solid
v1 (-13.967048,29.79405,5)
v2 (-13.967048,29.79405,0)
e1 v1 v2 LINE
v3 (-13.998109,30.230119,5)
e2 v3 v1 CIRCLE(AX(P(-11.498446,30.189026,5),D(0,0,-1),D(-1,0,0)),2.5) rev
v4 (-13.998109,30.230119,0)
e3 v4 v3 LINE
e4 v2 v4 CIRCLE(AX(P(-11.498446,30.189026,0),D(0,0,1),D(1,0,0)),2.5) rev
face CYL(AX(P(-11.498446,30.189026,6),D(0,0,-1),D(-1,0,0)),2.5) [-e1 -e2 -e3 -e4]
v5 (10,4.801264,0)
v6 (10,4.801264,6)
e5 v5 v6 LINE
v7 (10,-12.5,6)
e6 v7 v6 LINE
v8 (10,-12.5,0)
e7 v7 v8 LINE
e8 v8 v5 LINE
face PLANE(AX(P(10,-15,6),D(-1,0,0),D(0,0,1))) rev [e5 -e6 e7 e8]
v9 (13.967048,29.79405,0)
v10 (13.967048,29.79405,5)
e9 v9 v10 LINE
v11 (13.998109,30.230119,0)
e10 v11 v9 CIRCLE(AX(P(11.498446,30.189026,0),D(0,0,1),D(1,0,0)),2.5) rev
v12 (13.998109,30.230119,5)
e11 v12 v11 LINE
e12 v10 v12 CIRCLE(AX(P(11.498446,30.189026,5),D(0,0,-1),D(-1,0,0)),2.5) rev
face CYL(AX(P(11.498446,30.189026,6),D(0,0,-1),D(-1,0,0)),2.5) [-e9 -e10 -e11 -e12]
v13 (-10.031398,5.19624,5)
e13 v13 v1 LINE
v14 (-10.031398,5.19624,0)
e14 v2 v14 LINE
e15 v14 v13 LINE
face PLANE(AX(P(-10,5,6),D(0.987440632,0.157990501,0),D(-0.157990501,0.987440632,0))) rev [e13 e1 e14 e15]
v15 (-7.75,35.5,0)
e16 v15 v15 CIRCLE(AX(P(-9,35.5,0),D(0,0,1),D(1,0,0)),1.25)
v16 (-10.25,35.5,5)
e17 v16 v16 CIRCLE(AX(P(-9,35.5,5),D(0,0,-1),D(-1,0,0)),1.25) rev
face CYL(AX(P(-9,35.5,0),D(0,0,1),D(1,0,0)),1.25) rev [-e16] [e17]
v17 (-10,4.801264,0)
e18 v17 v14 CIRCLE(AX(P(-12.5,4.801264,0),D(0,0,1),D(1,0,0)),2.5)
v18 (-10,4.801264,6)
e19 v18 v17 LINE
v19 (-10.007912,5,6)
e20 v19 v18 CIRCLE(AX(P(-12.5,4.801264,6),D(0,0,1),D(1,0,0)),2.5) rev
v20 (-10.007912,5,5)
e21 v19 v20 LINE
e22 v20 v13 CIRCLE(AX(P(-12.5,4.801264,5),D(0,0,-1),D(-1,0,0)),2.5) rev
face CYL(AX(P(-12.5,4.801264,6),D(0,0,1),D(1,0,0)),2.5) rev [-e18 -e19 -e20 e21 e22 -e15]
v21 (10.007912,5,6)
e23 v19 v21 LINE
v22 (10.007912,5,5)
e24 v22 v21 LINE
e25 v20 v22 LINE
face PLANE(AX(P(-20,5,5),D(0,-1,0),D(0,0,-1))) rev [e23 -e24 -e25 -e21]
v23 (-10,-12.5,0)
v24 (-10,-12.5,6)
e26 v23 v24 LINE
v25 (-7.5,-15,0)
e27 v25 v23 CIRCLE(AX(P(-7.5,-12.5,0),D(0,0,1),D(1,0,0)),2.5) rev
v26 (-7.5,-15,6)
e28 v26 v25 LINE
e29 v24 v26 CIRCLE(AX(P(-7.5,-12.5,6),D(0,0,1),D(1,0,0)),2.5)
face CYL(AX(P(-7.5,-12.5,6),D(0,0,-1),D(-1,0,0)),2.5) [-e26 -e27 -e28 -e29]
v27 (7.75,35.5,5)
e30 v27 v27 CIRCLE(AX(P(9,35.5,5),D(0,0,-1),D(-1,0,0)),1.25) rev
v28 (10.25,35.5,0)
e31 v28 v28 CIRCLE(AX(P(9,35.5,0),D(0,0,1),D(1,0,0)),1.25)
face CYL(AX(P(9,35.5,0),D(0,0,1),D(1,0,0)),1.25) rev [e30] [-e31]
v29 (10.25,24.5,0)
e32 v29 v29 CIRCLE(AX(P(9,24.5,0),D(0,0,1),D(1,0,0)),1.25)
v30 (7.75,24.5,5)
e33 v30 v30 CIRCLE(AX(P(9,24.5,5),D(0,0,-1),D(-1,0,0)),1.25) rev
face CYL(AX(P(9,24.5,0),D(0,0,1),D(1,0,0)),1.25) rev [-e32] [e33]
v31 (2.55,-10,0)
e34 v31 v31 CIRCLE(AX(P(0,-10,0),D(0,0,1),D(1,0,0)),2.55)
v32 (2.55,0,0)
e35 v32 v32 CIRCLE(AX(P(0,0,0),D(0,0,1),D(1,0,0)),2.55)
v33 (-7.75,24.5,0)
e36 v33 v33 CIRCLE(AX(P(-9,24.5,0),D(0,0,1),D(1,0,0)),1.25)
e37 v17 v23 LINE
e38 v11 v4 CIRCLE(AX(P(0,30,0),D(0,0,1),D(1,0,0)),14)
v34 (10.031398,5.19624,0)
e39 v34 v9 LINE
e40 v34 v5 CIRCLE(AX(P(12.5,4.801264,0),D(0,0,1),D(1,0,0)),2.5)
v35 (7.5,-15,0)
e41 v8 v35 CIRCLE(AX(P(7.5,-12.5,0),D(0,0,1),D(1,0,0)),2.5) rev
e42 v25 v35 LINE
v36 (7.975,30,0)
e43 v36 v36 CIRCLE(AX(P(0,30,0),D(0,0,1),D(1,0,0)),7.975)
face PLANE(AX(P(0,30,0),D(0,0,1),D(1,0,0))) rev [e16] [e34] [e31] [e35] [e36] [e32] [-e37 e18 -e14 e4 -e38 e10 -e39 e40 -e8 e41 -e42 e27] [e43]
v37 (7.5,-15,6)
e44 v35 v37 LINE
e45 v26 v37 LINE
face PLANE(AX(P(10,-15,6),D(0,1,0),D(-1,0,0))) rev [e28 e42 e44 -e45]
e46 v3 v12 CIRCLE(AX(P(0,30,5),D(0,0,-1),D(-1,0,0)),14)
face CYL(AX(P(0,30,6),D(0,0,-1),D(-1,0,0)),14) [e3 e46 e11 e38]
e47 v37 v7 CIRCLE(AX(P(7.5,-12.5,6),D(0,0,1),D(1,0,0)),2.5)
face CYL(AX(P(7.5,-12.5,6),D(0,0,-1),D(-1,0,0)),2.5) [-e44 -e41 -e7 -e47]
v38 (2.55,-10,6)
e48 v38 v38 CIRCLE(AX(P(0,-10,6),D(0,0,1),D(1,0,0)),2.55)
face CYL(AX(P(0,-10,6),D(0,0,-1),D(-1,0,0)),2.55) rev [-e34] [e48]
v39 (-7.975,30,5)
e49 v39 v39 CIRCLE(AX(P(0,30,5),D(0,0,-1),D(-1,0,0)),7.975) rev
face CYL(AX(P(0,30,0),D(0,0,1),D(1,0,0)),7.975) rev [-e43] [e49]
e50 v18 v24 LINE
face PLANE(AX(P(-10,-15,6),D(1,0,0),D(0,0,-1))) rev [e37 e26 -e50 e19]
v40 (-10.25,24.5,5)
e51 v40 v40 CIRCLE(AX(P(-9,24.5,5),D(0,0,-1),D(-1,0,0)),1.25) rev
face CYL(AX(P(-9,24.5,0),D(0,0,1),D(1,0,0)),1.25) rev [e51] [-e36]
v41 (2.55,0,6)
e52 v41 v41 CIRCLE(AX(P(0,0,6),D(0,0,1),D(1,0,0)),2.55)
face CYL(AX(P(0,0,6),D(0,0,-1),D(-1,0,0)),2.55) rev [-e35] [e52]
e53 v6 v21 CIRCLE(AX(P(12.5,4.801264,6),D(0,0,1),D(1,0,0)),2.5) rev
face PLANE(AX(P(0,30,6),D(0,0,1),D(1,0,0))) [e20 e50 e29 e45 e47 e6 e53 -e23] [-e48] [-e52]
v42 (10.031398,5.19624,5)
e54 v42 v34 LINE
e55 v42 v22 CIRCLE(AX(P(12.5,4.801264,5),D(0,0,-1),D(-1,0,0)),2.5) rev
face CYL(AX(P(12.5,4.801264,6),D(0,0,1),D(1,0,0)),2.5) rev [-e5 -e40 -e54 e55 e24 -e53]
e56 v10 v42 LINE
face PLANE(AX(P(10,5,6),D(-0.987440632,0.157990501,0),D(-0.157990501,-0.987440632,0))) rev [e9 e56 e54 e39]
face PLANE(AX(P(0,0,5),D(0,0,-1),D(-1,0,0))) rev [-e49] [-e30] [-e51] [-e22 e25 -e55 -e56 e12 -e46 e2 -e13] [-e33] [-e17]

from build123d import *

# Parameters (mm, degrees)
SKETCH1_R           = 2.55
BOSS_EXTRUDE2_DEPTH = 6
FILLET1_R           = 2.5
SKETCH3_R           = 7.975
CUT_EXTRUDE2_DEPTH  = 47.561319795
SKETCH2_R           = 1.25
CUT_EXTRUDE1_DEPTH  = 47.561319795
SKETCH6_W           = 40
SKETCH6_H           = 50
CUT_EXTRUDE5_DEPTH  = 1


with BuildPart() as part:
    # Sketch1 → Boss-Extrude2 (new body)
    with BuildSketch(Plane.XY):
        with BuildLine():
            Line((-10, -15), (-10, 5))
            Line((-10, 5), (-14, 30))
            ThreePointArc((-14, 30), (0, 44), (14, 30))
            Line((14, 30), (10, 5))
            Line((10, 5), (10, -15))
            Line((10, -15), (-10, -15))
        make_face()
        Circle(SKETCH1_R, mode=Mode.SUBTRACT)
        with Locations((0, -10)):
            Circle(SKETCH1_R, mode=Mode.SUBTRACT)
    extrude(amount=BOSS_EXTRUDE2_DEPTH)

    # Fillet1
    fillet1_edges = [part.edges().sort_by_distance(p)[0] for p in [
        (14, 30, 3),
        (10, 5, 3),
        (10, -15, 3),
        (-10, -15, 3),
        (-10, 5, 3),
        (-14, 30, 3),
    ]]
    fillet(fillet1_edges, radius=FILLET1_R)

    # Sketch3 → Cut-Extrude2 (cut, through all)
    with BuildSketch(Plane.XY.offset(6)):
        with Locations((0, 30)):
            Circle(SKETCH3_R)
    extrude(amount=-CUT_EXTRUDE2_DEPTH, mode=Mode.SUBTRACT)

    # Sketch2 → Cut-Extrude1 (cut, through all)
    with BuildSketch(Plane.XY.offset(6)):
        with Locations((-9, 24.5)):
            Circle(SKETCH2_R)
        with Locations((9, 24.5)):
            Circle(SKETCH2_R)
        with Locations((-9, 35.5)):
            Circle(SKETCH2_R)
        with Locations((9, 35.5)):
            Circle(SKETCH2_R)
    extrude(amount=-CUT_EXTRUDE1_DEPTH, mode=Mode.SUBTRACT)

    # Sketch6 → Cut-Extrude5 (cut)
    with BuildSketch(Plane.XY.offset(6)):
        with Locations((0, 30)):
            Rectangle(SKETCH6_W, SKETCH6_H)
    extrude(amount=-CUT_EXTRUDE5_DEPTH, mode=Mode.SUBTRACT)


solid = part.part
